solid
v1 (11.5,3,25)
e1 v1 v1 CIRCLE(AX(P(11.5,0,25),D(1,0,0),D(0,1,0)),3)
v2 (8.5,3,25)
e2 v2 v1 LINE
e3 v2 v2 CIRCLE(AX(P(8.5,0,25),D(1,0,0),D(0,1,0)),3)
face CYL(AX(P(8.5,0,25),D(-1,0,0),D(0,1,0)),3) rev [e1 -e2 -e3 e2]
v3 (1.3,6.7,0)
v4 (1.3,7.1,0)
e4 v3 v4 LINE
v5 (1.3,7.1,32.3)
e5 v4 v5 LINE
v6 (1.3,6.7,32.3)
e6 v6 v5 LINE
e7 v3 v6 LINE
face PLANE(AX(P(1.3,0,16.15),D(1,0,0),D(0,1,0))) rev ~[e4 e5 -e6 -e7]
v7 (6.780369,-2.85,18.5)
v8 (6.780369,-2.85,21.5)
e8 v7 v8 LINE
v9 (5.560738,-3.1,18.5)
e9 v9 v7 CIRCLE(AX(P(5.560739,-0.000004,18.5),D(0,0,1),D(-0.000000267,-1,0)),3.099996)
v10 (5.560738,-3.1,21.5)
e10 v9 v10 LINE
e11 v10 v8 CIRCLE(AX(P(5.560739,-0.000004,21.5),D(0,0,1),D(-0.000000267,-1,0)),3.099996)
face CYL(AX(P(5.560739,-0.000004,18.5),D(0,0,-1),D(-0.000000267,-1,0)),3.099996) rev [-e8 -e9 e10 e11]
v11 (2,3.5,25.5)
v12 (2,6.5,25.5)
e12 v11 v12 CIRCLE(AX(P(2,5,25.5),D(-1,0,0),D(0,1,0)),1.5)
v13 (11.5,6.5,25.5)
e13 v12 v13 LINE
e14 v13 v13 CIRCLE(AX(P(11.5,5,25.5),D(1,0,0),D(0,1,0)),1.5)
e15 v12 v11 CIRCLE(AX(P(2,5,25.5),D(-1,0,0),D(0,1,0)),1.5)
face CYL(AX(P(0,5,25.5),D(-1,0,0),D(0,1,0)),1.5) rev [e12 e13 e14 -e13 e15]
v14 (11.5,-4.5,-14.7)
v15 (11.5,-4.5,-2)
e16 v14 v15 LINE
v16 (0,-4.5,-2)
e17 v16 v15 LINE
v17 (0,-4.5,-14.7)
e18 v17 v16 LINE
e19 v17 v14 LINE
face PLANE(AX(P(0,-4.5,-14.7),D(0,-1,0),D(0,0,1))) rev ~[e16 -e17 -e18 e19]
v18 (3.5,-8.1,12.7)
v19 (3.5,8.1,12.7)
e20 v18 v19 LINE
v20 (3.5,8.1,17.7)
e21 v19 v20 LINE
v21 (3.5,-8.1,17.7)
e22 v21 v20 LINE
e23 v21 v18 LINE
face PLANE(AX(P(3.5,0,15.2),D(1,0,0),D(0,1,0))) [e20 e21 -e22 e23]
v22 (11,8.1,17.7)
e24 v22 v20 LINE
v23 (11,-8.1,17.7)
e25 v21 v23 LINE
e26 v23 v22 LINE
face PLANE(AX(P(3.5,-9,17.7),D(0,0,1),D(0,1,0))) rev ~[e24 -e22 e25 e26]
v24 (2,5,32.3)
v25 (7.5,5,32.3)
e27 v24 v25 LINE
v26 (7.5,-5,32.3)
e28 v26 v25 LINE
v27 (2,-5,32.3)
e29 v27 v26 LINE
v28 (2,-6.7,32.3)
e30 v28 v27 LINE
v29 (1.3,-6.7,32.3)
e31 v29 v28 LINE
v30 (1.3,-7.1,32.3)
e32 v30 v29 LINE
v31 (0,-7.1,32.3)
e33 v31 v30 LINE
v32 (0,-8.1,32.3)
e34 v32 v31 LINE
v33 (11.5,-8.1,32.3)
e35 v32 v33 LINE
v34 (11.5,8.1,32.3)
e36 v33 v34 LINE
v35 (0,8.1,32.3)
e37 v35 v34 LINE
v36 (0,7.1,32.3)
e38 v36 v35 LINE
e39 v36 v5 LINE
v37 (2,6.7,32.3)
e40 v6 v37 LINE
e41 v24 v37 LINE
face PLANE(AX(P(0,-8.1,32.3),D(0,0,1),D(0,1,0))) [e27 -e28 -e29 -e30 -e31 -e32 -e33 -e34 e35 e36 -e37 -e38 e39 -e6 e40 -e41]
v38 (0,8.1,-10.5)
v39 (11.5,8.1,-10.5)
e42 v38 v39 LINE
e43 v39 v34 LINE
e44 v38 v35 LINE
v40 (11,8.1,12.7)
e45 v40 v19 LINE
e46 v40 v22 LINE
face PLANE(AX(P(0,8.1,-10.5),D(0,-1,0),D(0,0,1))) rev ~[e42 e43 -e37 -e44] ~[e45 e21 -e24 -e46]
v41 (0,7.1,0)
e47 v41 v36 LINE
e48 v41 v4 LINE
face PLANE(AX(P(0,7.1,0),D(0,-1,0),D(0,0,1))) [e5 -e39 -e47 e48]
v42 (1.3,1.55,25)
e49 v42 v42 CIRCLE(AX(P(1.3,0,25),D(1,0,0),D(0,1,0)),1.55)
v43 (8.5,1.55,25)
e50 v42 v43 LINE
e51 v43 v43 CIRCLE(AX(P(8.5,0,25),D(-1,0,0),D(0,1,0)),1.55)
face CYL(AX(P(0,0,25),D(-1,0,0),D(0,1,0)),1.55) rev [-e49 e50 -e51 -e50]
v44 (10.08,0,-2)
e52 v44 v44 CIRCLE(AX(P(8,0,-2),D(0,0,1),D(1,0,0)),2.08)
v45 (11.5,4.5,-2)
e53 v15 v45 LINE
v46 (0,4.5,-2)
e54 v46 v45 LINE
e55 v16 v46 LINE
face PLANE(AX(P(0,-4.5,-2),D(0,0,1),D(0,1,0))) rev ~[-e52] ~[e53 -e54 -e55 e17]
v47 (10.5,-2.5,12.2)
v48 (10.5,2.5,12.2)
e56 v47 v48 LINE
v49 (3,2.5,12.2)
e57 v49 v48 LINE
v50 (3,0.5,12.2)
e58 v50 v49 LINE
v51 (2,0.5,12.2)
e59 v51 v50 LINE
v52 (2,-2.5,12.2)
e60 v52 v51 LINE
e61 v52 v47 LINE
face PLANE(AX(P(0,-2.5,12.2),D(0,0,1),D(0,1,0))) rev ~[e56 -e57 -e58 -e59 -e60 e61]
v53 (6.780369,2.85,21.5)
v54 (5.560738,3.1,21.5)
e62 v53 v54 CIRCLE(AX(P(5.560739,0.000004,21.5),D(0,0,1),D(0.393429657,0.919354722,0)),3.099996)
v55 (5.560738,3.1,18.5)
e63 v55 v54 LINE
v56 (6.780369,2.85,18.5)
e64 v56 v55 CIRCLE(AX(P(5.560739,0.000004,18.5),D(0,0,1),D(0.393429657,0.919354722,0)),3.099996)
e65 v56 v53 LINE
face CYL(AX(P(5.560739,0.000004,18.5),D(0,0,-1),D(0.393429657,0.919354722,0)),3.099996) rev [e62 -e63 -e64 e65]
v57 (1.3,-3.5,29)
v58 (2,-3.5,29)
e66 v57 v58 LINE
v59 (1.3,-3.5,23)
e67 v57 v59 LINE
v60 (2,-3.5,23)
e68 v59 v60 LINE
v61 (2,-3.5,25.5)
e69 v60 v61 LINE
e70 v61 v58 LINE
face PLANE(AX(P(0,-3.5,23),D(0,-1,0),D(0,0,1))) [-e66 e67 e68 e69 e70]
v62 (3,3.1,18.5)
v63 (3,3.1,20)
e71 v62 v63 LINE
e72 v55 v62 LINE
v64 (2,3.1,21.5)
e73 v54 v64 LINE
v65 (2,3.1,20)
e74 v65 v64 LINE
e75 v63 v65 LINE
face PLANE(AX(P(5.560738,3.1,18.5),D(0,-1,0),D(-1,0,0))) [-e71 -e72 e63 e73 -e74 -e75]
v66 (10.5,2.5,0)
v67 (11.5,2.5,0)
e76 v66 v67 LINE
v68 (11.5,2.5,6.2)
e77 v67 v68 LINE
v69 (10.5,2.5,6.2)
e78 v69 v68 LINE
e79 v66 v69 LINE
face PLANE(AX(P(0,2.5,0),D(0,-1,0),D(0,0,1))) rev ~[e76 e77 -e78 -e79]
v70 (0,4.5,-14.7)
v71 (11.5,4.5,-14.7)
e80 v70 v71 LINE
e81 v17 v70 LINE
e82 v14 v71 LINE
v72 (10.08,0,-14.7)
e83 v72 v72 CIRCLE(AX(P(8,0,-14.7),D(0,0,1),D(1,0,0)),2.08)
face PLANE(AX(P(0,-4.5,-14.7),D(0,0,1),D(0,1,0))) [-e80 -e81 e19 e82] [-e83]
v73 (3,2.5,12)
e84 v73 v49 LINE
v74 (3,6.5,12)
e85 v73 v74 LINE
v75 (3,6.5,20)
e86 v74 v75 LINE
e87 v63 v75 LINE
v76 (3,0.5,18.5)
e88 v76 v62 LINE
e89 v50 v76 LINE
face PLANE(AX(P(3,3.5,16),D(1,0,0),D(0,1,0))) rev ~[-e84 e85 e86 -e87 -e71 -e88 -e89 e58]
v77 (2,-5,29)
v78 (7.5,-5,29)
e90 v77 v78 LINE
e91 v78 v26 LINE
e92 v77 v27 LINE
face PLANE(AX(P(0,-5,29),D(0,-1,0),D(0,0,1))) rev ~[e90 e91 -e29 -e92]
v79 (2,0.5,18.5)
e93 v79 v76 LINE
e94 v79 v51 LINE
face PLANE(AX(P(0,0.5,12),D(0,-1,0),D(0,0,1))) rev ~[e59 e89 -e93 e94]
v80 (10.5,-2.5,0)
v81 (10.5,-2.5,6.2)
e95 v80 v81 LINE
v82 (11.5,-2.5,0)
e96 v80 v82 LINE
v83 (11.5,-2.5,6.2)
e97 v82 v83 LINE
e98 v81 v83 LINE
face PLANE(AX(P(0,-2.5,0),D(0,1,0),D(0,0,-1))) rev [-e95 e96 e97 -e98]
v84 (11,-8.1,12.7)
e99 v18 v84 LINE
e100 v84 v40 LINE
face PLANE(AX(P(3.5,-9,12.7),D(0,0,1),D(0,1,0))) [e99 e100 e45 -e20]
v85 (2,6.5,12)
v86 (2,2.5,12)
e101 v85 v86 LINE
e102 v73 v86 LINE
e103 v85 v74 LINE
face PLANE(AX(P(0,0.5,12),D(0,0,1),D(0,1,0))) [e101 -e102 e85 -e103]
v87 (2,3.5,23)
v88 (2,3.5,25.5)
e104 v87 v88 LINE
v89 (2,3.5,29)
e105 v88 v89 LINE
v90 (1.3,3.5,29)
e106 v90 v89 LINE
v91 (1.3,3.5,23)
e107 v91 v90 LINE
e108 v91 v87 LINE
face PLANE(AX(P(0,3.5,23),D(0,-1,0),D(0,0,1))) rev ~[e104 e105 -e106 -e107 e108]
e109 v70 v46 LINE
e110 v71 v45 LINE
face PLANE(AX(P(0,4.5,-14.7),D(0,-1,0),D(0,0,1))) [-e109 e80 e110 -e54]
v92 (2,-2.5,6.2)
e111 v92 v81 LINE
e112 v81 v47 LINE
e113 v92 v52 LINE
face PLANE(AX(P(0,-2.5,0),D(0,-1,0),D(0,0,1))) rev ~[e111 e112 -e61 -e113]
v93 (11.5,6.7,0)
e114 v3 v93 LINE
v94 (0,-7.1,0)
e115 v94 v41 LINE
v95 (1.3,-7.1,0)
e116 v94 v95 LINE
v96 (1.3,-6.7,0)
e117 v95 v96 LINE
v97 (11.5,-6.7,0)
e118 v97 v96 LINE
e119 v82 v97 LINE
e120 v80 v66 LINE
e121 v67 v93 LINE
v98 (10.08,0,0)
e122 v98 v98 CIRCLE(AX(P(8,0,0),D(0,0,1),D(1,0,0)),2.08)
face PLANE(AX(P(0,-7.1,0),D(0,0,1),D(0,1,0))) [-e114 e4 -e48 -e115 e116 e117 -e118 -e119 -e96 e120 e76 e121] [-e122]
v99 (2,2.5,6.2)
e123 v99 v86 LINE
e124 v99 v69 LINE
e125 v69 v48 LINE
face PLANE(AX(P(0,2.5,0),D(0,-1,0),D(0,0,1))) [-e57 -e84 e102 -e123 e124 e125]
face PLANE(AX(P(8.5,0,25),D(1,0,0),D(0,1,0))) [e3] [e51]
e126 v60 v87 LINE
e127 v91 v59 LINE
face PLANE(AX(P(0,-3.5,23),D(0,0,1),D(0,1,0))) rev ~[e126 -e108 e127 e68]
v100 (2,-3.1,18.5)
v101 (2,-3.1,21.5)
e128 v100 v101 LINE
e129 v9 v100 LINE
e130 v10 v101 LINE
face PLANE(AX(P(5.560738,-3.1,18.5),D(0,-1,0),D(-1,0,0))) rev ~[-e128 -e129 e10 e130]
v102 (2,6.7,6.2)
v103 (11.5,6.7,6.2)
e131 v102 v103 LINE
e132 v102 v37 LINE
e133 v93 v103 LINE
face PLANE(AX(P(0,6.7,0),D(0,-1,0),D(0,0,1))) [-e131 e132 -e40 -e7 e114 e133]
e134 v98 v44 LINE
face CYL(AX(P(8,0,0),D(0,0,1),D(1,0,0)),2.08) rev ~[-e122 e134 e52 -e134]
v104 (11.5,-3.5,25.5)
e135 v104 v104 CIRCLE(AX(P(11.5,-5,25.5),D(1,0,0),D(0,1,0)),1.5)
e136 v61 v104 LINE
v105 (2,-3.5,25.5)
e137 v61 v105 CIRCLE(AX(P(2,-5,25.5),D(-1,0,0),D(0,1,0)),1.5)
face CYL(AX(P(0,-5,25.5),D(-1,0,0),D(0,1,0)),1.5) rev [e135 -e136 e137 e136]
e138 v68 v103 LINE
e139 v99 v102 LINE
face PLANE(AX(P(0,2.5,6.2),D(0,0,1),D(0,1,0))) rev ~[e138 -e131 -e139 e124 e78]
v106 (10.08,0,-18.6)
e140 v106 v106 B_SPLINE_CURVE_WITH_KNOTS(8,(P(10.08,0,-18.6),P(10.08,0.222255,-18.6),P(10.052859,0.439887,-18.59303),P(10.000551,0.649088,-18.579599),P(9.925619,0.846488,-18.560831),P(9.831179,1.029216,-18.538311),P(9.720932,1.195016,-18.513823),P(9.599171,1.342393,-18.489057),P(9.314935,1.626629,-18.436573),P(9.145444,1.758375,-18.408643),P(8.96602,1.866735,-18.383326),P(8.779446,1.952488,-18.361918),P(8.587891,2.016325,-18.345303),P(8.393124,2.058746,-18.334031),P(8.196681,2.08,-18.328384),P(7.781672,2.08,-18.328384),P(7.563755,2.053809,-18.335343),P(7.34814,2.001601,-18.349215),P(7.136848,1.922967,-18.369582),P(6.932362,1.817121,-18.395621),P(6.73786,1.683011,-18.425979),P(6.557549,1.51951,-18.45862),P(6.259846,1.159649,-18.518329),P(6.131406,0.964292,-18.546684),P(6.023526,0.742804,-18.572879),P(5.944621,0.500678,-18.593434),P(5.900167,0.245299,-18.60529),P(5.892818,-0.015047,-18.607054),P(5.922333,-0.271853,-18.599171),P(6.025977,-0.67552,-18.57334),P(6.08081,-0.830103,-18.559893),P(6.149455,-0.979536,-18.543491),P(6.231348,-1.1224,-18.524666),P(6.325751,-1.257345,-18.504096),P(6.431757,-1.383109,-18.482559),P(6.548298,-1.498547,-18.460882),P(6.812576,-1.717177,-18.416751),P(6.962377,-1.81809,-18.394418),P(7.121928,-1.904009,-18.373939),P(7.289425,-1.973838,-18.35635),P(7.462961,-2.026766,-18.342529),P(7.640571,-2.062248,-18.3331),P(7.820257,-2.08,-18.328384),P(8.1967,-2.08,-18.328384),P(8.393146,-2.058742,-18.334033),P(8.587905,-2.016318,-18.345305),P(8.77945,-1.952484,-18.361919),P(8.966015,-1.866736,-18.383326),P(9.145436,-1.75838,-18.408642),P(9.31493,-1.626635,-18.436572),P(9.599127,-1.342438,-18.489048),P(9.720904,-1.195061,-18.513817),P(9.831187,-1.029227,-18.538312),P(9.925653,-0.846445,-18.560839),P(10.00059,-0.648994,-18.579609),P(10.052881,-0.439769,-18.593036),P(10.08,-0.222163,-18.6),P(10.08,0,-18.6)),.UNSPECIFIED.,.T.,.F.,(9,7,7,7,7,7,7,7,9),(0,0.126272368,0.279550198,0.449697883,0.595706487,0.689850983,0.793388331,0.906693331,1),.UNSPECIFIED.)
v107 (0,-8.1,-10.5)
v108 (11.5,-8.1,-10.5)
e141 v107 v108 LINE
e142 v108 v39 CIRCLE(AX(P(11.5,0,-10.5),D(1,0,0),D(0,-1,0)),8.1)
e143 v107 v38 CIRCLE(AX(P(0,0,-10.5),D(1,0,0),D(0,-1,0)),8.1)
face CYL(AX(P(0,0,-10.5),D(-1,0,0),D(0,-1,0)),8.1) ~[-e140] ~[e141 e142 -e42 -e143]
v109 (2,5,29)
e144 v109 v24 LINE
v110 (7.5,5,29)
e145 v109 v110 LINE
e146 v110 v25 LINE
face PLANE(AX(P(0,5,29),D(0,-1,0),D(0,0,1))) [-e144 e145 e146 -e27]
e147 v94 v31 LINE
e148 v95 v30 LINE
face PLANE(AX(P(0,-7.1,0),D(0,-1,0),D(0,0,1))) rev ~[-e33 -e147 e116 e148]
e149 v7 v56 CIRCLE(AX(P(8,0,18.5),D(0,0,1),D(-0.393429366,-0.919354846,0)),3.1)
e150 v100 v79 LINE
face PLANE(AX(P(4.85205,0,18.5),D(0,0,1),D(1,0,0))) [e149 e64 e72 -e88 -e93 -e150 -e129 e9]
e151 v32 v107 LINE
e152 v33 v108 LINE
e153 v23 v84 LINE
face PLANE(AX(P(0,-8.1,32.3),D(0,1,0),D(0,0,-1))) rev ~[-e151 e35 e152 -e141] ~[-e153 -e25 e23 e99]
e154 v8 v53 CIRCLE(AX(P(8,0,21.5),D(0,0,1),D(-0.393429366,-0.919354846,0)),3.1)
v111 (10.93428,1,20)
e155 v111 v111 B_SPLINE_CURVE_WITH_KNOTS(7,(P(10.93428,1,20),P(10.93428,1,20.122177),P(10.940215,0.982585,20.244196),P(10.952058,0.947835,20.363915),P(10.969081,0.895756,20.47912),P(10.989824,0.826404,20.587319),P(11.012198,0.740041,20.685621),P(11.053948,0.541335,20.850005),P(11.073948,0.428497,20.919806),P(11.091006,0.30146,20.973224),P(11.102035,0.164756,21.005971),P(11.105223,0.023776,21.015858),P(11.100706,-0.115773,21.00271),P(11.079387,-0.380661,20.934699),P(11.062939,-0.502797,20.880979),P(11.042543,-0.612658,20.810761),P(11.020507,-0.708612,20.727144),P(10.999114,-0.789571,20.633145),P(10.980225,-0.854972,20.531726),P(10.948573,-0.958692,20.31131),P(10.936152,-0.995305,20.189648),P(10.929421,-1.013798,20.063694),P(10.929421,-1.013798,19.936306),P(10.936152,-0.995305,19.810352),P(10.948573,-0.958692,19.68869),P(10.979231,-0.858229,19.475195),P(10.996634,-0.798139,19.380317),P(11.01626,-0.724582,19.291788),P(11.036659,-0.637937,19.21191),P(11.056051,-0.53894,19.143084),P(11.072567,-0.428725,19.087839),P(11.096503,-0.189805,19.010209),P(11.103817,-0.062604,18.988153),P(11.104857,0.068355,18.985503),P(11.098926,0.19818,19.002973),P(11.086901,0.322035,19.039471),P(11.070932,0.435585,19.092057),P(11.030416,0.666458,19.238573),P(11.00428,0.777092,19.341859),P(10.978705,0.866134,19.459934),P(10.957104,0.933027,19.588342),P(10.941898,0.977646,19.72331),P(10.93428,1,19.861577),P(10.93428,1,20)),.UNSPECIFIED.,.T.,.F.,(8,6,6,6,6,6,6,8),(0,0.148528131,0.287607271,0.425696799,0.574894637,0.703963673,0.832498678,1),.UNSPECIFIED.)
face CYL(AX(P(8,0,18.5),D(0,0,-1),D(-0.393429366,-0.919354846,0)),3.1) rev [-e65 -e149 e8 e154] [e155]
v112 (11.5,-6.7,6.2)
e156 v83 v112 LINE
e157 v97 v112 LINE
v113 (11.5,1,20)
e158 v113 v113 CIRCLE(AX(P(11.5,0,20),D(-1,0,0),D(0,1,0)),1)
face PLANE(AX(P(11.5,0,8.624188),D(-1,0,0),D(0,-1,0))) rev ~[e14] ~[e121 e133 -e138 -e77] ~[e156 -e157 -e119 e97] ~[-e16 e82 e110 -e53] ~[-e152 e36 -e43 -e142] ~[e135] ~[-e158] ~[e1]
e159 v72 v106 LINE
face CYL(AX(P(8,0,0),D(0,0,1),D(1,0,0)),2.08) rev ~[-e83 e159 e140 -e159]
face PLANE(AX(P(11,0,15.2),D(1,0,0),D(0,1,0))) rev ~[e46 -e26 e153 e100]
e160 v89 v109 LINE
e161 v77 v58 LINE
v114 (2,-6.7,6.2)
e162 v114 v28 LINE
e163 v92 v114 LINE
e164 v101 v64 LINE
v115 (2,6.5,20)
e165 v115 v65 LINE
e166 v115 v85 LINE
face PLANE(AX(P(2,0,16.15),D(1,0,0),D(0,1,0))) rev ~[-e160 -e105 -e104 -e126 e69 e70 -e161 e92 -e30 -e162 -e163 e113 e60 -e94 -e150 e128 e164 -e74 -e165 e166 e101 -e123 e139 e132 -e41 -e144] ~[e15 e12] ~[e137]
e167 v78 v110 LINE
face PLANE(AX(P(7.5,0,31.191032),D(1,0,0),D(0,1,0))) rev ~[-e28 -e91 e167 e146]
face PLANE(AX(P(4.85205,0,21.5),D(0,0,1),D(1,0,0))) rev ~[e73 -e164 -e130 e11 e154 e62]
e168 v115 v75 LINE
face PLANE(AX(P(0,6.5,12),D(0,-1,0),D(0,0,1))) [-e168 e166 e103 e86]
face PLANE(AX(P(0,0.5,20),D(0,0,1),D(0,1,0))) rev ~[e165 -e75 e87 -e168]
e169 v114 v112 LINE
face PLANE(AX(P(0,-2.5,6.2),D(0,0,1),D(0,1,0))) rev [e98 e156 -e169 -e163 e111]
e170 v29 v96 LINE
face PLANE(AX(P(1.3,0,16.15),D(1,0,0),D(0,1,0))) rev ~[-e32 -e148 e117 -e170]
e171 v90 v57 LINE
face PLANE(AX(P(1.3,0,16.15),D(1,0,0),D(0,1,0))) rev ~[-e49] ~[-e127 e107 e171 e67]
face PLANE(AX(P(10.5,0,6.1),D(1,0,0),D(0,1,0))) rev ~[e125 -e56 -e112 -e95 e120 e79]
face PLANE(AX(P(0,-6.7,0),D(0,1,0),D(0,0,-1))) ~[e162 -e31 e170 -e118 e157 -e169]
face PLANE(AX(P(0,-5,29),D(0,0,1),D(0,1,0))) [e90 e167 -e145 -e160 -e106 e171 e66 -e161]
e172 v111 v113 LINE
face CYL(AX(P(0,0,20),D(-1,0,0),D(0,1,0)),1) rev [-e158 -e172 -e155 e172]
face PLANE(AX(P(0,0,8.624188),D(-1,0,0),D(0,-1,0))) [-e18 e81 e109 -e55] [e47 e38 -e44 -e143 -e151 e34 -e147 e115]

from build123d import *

# Parameters (mm, degrees)
SKETCH_W         = 4.2
SKETCH_H         = 6.2
EXTRUDE_DEPTH    = 11.5
SKETCH001_W      = 14.2
SKETCH001_H      = 32.3
SKETCH001_R      = 1.55
EXTRUDE001_DEPTH = 1.3
SKETCH003_W      = 10
SKETCH003_H      = 4.382065
EXTRUDE003_DEPTH = 7.5
SKETCH004_W      = 13.4
SKETCH004_H      = 32.3
SKETCH004_W_2    = 7
SKETCH004_H_2    = 6
EXTRUDE004_DEPTH = 2
SKETCH005_W      = 6
SKETCH005_H      = 8
EXTRUDE005_DEPTH = 3
SKETCH009_W      = 18
SKETCH009_H      = 5
EXTRUDE013_DEPTH = 7.5
SKETCH012_W      = 9
SKETCH012_H      = 12.7
EXTRUDE014_DEPTH = 11.5
SKETCH011_R      = 2.08
EXTRUDE012_DEPTH = 20
SKETCH002_W      = 5
SKETCH002_H      = 12.2
EXTRUDE011_DEPTH = 10.5
EXTRUDE015_DEPTH = 3
SKETCH014_R      = 1
EXTRUDE016_DEPTH = 12
SKETCH015_R      = 1.5
EXTRUDE017_DEPTH = 11.5
SKETCH016_R      = 3
EXTRUDE018_DEPTH = 3
SKETCH010_R      = 1.55
EXTRUDE010_DEPTH = 12
EXTRUDE006_DEPTH = 11.5


with BuildPart() as extrude_body:
    # Sketch → Extrude (new body)
    with BuildSketch(Plane.YZ):
        with Locations((4.6, 3.1)):
            Rectangle(SKETCH_W, SKETCH_H)
    extrude(amount=EXTRUDE_DEPTH)


with BuildPart() as extrude001:
    # Sketch001 → Extrude001 (new body)
    with BuildSketch(Plane.YZ):
        with Locations((0, 16.15)):
            Rectangle(SKETCH001_W, SKETCH001_H)
        with Locations((0, 25)):
            Circle(SKETCH001_R, mode=Mode.SUBTRACT)
    extrude(amount=EXTRUDE001_DEPTH)


with BuildPart() as extrude003:
    # Sketch003 → Extrude003 (new body)
    with BuildSketch(Plane.YZ):
        with Locations((0, 31.191032)):
            Rectangle(SKETCH003_W, SKETCH003_H)
    extrude(amount=EXTRUDE003_DEPTH)


with BuildPart() as extrude004:
    # Sketch004 → Extrude004 (new body)
    with BuildSketch(Plane.YZ):
        with Locations((0, 16.15)):
            Rectangle(SKETCH004_W, SKETCH004_H)
        with Locations((0, 26)):
            Rectangle(SKETCH004_W_2, SKETCH004_H_2, mode=Mode.SUBTRACT)
    extrude(amount=EXTRUDE004_DEPTH)


with BuildPart() as extrude005:
    # Sketch005 → Extrude005 (new body)
    with BuildSketch(Plane.YZ):
        with Locations((3.5, 16)):
            Rectangle(SKETCH005_W, SKETCH005_H)
    extrude(amount=EXTRUDE005_DEPTH)


with BuildPart() as board:
    # Part__Mirroring: instance of Extrude body
    add(extrude_body.part.mirror(Plane(origin=(0, 0, 0), x_dir=(1, 0, 0), z_dir=(0, 1, 0))))

    # Fusion: union Extrude body, Extrude001, Extrude003, Extrude004, Extrude005
    add(extrude_body.part)
    add(extrude001.part)
    add(extrude003.part)
    add(extrude004.part)
    add(extrude005.part)


with BuildPart() as d_gagementgachette:
    # Sketch009 → Extrude013 (new body)
    with BuildSketch(Plane.YZ):
        with Locations((0, 15.2)):
            Rectangle(SKETCH009_W, SKETCH009_H)
    extrude(amount=EXTRUDE013_DEPTH)


with BuildPart() as d_gagementgachette_1:
    # Extrude013 placement: moved
    add(d_gagementgachette.part.moved(Location((3.5, 0, 0))))


with BuildPart() as d_gagementcirclip:
    # Sketch012 → Extrude014 (new body)
    with BuildSketch(Plane.YZ):
        with Locations((0, -8.35)):
            Rectangle(SKETCH012_W, SKETCH012_H)
    extrude(amount=EXTRUDE014_DEPTH)


with BuildPart() as percageaxe:
    # Sketch011 → Extrude012 (new body)
    with BuildSketch(Plane.XY):
        with Locations((8, 0)):
            Circle(SKETCH011_R)
    extrude(amount=-EXTRUDE012_DEPTH)


with BuildPart() as d_gagementaxe:
    # Sketch002 → Extrude011 (new body)
    with BuildSketch(Plane.YZ):
        with Locations((0, 6.1)):
            Rectangle(SKETCH002_W, SKETCH002_H)
    extrude(amount=EXTRUDE011_DEPTH)


with BuildPart() as logementaimantrappel:
    # Sketch013 → Extrude015 (new body)
    with BuildSketch(Plane.XY):
        with BuildLine():
            ThreePointArc((6.780369, -2.85), (11.1, 0), (6.780369, 2.85))
            ThreePointArc((6.780369, 2.85), (6.183233, 3.036857), (5.560738, 3.1))
            Line((5.560738, 3.1), (0, 3.1))
            Line((0, -3.1), (0, 3.1))
            Line((5.560738, -3.1), (0, -3.1))
            ThreePointArc((5.560738, -3.1), (6.183233, -3.036857), (6.780369, -2.85))
        make_face()
    extrude(amount=EXTRUDE015_DEPTH)


with BuildPart() as logementaimantrappel_1:
    # Extrude015 placement: moved
    add(logementaimantrappel.part.moved(Location((0, 0, 18.5))))


with BuildPart() as extractaimant:
    # Sketch014 → Extrude016 (new body)
    with BuildSketch(Plane.YZ):
        Circle(SKETCH014_R)
    extrude(amount=EXTRUDE016_DEPTH)


with BuildPart() as extractaimant_1:
    # Extrude016 placement: moved
    add(extractaimant.part.moved(Location((0, 0, 20))))


with BuildPart() as d_gagementleds:
    # Sketch015 → Extrude017 (new body)
    with BuildSketch(Plane.YZ):
        with Locations((-5, 25.5)):
            Circle(SKETCH015_R)
        with Locations((5, 25.5)):
            Circle(SKETCH015_R)
    extrude(amount=EXTRUDE017_DEPTH)


with BuildPart() as t_tevis:
    # Sketch016 → Extrude018 (new body)
    with BuildSketch(Plane.YZ):
        with Locations((0, 25)):
            Circle(SKETCH016_R)
    extrude(amount=EXTRUDE018_DEPTH)


with BuildPart() as t_tevis_1:
    # Extrude018 placement: moved
    add(t_tevis.part.moved(Location((8.5, 0, 0))))


with BuildPart() as fusion002:
    # Sketch010 → Extrude010 (new body)
    with BuildSketch(Plane.YZ):
        with Locations((0, 25)):
            Circle(SKETCH010_R)
    extrude(amount=EXTRUDE010_DEPTH)

    # Fusion002: union DégagementGachette, DégagementCirclip, PercageAxe, DégagementAxe, LogementAimantRappel, ExtractAimant, DégagementLeds, TêteVis
    add(d_gagementgachette_1.part)
    add(d_gagementcirclip.part)
    add(percageaxe.part)
    add(d_gagementaxe.part)
    add(logementaimantrappel_1.part)
    add(extractaimant_1.part)
    add(d_gagementleds.part)
    add(t_tevis_1.part)


with BuildPart() as cut001:
    # Sketch006 → Extrude006 (new body)
    with BuildSketch(Plane.YZ):
        with BuildLine():
            Line((-8.1, 32.3), (8.1, 32.3))
            Line((8.1, -10.5), (8.1, 32.3))
            ThreePointArc((-8.1, -10.5), (0, -18.6), (8.1, -10.5))
            Line((-8.1, 32.3), (-8.1, -10.5))
        make_face()
    extrude(amount=EXTRUDE006_DEPTH)

    # Cut: cut Fusion002
    add(fusion002.part, mode=Mode.SUBTRACT)

    # Cut001: cut Board
    add(board.part, mode=Mode.SUBTRACT)


solid = cut001.part
